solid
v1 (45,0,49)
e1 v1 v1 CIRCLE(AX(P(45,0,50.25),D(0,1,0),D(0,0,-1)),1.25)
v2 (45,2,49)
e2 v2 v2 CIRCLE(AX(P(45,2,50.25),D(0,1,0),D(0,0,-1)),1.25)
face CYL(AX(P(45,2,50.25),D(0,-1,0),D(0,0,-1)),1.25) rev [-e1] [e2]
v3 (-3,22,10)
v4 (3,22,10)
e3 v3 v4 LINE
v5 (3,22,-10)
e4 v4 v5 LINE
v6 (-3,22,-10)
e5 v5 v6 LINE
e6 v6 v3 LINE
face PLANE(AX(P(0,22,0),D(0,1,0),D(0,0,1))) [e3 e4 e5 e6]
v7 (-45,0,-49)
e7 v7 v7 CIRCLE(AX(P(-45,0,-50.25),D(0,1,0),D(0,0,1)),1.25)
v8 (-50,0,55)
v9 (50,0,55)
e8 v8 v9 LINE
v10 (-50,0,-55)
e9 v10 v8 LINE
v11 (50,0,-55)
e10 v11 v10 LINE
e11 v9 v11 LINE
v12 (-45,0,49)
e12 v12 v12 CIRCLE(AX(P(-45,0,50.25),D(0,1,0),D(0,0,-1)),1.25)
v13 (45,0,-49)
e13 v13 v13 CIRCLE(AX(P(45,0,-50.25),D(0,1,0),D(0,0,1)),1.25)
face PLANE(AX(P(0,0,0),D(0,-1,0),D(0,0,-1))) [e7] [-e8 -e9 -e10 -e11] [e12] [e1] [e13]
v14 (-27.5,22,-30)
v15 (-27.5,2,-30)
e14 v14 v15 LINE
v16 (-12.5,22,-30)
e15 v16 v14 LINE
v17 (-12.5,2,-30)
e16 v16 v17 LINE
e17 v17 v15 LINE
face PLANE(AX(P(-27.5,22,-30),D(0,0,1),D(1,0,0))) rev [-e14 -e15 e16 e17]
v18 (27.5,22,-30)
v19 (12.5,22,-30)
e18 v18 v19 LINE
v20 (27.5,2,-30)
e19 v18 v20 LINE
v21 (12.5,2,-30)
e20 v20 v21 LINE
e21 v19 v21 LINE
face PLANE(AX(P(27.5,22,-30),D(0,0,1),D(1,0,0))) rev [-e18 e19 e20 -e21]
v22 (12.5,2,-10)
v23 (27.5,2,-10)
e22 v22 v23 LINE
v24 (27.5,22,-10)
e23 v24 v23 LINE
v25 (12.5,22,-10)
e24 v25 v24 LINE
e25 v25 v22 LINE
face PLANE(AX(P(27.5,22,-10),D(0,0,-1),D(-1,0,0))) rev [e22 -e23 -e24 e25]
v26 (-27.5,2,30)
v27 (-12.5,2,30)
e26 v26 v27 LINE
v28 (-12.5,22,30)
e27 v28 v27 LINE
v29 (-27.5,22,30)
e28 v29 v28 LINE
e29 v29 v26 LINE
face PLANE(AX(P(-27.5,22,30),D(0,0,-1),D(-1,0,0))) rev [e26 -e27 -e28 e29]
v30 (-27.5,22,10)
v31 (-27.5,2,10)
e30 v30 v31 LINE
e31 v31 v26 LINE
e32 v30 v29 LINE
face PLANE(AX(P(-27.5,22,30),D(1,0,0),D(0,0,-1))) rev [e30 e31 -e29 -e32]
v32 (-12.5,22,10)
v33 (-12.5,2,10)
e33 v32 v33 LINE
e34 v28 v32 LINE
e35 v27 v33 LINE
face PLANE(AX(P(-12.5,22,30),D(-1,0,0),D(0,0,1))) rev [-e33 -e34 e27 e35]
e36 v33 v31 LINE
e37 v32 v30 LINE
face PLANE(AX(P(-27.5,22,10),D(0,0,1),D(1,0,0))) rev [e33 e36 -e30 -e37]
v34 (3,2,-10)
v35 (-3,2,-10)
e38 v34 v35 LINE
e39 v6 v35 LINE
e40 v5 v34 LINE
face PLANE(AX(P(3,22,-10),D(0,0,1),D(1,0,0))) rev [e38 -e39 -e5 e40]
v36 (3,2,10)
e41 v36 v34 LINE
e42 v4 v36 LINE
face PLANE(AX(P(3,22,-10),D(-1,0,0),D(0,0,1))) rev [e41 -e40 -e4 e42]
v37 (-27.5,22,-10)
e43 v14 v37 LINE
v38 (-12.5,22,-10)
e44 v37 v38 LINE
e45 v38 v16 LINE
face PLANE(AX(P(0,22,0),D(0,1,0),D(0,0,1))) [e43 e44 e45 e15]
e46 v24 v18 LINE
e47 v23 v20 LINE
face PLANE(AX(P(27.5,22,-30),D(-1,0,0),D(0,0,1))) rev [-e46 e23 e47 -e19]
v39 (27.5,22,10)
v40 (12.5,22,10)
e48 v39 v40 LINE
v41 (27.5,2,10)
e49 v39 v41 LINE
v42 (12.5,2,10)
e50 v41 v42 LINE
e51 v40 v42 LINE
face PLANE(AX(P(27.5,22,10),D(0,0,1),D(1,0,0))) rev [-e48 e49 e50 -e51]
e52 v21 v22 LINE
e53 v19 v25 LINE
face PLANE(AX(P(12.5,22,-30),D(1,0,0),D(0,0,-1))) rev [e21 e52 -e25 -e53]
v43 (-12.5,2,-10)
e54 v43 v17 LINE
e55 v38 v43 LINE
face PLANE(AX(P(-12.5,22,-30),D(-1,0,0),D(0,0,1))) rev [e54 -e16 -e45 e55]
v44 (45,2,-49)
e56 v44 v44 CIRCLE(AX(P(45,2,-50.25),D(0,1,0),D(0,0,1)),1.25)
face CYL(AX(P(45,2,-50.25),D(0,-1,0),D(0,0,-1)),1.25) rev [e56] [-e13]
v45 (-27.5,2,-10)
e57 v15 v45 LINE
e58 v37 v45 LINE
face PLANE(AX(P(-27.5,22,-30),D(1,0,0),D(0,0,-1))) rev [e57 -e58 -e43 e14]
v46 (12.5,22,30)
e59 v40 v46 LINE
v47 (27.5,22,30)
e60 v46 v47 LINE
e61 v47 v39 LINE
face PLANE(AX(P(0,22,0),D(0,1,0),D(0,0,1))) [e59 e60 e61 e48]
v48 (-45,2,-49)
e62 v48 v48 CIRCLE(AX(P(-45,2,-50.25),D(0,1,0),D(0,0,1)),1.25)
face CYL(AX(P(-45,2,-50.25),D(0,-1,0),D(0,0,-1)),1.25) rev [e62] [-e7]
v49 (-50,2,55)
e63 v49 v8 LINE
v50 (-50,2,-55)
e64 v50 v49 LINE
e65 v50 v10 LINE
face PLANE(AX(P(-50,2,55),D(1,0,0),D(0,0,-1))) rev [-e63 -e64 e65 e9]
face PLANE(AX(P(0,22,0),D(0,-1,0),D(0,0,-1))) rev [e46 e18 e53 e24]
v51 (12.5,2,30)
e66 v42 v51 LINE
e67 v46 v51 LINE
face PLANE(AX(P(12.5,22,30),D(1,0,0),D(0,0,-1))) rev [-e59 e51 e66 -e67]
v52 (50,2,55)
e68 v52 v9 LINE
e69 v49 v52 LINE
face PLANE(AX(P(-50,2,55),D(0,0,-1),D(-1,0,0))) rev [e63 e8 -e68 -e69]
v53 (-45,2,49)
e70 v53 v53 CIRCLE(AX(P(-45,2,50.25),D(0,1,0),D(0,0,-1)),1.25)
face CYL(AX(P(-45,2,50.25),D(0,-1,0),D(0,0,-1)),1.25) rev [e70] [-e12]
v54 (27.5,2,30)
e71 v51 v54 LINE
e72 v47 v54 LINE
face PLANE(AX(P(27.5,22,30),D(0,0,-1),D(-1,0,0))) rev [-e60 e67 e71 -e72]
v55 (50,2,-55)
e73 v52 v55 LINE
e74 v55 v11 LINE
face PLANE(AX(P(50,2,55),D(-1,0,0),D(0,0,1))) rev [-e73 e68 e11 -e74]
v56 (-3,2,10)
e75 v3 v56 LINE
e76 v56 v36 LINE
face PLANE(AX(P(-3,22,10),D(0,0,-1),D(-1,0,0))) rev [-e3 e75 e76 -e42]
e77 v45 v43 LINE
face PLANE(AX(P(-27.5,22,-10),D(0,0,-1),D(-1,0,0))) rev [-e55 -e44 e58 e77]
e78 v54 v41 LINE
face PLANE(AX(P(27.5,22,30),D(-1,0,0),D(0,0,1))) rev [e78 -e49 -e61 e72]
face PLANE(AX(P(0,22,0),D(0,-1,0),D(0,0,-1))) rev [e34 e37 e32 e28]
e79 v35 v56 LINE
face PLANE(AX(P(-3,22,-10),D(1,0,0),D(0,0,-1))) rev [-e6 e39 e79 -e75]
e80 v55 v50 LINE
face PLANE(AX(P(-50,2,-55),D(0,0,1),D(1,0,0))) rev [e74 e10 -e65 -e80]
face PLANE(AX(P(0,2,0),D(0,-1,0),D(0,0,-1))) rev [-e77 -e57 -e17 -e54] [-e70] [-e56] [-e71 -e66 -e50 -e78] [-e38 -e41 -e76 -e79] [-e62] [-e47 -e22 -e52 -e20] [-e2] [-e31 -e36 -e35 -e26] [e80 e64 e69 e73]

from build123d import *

# Parameters (mm, degrees)
SKETCH2_W           = 100
SKETCH2_H           = 110
SKETCH2_R           = 1.25
BOSS_EXTRUDE1_DEPTH = 2
SKETCH3_W           = 15
SKETCH3_H           = 20
SKETCH3_W_2         = 6
BOSS_EXTRUDE2_DEPTH = 20


with BuildPart() as part:
    # Sketch2 → Boss-Extrude1 (new body)
    with BuildSketch(Plane(origin=(0, 0, 0), x_dir=(1, 0, 0), z_dir=(0, 1, 0))):
        Rectangle(SKETCH2_W, SKETCH2_H)
        with Locations((-45, 50.25)):
            Circle(SKETCH2_R, mode=Mode.SUBTRACT)
        with Locations((45, 50.25)):
            Circle(SKETCH2_R, mode=Mode.SUBTRACT)
        with Locations((45, -50.25)):
            Circle(SKETCH2_R, mode=Mode.SUBTRACT)
        with Locations((-45, -50.25)):
            Circle(SKETCH2_R, mode=Mode.SUBTRACT)
    extrude(amount=BOSS_EXTRUDE1_DEPTH)

    # Sketch3 → Boss-Extrude2 (add)
    with BuildSketch(Plane(origin=(0, 2, 0), x_dir=(1, 0, 0), z_dir=(0, 1, 0))):
        with Locations((-20, -20)):
            Rectangle(SKETCH3_W, SKETCH3_H)
        Rectangle(SKETCH3_W_2, SKETCH3_H)
        with Locations((-20, 20)):
            Rectangle(SKETCH3_W, SKETCH3_H)
        with Locations((20, 20)):
            Rectangle(SKETCH3_W, SKETCH3_H)
        with Locations((20, -20)):
            Rectangle(SKETCH3_W, SKETCH3_H)
    extrude(amount=BOSS_EXTRUDE2_DEPTH)


solid = part.part
